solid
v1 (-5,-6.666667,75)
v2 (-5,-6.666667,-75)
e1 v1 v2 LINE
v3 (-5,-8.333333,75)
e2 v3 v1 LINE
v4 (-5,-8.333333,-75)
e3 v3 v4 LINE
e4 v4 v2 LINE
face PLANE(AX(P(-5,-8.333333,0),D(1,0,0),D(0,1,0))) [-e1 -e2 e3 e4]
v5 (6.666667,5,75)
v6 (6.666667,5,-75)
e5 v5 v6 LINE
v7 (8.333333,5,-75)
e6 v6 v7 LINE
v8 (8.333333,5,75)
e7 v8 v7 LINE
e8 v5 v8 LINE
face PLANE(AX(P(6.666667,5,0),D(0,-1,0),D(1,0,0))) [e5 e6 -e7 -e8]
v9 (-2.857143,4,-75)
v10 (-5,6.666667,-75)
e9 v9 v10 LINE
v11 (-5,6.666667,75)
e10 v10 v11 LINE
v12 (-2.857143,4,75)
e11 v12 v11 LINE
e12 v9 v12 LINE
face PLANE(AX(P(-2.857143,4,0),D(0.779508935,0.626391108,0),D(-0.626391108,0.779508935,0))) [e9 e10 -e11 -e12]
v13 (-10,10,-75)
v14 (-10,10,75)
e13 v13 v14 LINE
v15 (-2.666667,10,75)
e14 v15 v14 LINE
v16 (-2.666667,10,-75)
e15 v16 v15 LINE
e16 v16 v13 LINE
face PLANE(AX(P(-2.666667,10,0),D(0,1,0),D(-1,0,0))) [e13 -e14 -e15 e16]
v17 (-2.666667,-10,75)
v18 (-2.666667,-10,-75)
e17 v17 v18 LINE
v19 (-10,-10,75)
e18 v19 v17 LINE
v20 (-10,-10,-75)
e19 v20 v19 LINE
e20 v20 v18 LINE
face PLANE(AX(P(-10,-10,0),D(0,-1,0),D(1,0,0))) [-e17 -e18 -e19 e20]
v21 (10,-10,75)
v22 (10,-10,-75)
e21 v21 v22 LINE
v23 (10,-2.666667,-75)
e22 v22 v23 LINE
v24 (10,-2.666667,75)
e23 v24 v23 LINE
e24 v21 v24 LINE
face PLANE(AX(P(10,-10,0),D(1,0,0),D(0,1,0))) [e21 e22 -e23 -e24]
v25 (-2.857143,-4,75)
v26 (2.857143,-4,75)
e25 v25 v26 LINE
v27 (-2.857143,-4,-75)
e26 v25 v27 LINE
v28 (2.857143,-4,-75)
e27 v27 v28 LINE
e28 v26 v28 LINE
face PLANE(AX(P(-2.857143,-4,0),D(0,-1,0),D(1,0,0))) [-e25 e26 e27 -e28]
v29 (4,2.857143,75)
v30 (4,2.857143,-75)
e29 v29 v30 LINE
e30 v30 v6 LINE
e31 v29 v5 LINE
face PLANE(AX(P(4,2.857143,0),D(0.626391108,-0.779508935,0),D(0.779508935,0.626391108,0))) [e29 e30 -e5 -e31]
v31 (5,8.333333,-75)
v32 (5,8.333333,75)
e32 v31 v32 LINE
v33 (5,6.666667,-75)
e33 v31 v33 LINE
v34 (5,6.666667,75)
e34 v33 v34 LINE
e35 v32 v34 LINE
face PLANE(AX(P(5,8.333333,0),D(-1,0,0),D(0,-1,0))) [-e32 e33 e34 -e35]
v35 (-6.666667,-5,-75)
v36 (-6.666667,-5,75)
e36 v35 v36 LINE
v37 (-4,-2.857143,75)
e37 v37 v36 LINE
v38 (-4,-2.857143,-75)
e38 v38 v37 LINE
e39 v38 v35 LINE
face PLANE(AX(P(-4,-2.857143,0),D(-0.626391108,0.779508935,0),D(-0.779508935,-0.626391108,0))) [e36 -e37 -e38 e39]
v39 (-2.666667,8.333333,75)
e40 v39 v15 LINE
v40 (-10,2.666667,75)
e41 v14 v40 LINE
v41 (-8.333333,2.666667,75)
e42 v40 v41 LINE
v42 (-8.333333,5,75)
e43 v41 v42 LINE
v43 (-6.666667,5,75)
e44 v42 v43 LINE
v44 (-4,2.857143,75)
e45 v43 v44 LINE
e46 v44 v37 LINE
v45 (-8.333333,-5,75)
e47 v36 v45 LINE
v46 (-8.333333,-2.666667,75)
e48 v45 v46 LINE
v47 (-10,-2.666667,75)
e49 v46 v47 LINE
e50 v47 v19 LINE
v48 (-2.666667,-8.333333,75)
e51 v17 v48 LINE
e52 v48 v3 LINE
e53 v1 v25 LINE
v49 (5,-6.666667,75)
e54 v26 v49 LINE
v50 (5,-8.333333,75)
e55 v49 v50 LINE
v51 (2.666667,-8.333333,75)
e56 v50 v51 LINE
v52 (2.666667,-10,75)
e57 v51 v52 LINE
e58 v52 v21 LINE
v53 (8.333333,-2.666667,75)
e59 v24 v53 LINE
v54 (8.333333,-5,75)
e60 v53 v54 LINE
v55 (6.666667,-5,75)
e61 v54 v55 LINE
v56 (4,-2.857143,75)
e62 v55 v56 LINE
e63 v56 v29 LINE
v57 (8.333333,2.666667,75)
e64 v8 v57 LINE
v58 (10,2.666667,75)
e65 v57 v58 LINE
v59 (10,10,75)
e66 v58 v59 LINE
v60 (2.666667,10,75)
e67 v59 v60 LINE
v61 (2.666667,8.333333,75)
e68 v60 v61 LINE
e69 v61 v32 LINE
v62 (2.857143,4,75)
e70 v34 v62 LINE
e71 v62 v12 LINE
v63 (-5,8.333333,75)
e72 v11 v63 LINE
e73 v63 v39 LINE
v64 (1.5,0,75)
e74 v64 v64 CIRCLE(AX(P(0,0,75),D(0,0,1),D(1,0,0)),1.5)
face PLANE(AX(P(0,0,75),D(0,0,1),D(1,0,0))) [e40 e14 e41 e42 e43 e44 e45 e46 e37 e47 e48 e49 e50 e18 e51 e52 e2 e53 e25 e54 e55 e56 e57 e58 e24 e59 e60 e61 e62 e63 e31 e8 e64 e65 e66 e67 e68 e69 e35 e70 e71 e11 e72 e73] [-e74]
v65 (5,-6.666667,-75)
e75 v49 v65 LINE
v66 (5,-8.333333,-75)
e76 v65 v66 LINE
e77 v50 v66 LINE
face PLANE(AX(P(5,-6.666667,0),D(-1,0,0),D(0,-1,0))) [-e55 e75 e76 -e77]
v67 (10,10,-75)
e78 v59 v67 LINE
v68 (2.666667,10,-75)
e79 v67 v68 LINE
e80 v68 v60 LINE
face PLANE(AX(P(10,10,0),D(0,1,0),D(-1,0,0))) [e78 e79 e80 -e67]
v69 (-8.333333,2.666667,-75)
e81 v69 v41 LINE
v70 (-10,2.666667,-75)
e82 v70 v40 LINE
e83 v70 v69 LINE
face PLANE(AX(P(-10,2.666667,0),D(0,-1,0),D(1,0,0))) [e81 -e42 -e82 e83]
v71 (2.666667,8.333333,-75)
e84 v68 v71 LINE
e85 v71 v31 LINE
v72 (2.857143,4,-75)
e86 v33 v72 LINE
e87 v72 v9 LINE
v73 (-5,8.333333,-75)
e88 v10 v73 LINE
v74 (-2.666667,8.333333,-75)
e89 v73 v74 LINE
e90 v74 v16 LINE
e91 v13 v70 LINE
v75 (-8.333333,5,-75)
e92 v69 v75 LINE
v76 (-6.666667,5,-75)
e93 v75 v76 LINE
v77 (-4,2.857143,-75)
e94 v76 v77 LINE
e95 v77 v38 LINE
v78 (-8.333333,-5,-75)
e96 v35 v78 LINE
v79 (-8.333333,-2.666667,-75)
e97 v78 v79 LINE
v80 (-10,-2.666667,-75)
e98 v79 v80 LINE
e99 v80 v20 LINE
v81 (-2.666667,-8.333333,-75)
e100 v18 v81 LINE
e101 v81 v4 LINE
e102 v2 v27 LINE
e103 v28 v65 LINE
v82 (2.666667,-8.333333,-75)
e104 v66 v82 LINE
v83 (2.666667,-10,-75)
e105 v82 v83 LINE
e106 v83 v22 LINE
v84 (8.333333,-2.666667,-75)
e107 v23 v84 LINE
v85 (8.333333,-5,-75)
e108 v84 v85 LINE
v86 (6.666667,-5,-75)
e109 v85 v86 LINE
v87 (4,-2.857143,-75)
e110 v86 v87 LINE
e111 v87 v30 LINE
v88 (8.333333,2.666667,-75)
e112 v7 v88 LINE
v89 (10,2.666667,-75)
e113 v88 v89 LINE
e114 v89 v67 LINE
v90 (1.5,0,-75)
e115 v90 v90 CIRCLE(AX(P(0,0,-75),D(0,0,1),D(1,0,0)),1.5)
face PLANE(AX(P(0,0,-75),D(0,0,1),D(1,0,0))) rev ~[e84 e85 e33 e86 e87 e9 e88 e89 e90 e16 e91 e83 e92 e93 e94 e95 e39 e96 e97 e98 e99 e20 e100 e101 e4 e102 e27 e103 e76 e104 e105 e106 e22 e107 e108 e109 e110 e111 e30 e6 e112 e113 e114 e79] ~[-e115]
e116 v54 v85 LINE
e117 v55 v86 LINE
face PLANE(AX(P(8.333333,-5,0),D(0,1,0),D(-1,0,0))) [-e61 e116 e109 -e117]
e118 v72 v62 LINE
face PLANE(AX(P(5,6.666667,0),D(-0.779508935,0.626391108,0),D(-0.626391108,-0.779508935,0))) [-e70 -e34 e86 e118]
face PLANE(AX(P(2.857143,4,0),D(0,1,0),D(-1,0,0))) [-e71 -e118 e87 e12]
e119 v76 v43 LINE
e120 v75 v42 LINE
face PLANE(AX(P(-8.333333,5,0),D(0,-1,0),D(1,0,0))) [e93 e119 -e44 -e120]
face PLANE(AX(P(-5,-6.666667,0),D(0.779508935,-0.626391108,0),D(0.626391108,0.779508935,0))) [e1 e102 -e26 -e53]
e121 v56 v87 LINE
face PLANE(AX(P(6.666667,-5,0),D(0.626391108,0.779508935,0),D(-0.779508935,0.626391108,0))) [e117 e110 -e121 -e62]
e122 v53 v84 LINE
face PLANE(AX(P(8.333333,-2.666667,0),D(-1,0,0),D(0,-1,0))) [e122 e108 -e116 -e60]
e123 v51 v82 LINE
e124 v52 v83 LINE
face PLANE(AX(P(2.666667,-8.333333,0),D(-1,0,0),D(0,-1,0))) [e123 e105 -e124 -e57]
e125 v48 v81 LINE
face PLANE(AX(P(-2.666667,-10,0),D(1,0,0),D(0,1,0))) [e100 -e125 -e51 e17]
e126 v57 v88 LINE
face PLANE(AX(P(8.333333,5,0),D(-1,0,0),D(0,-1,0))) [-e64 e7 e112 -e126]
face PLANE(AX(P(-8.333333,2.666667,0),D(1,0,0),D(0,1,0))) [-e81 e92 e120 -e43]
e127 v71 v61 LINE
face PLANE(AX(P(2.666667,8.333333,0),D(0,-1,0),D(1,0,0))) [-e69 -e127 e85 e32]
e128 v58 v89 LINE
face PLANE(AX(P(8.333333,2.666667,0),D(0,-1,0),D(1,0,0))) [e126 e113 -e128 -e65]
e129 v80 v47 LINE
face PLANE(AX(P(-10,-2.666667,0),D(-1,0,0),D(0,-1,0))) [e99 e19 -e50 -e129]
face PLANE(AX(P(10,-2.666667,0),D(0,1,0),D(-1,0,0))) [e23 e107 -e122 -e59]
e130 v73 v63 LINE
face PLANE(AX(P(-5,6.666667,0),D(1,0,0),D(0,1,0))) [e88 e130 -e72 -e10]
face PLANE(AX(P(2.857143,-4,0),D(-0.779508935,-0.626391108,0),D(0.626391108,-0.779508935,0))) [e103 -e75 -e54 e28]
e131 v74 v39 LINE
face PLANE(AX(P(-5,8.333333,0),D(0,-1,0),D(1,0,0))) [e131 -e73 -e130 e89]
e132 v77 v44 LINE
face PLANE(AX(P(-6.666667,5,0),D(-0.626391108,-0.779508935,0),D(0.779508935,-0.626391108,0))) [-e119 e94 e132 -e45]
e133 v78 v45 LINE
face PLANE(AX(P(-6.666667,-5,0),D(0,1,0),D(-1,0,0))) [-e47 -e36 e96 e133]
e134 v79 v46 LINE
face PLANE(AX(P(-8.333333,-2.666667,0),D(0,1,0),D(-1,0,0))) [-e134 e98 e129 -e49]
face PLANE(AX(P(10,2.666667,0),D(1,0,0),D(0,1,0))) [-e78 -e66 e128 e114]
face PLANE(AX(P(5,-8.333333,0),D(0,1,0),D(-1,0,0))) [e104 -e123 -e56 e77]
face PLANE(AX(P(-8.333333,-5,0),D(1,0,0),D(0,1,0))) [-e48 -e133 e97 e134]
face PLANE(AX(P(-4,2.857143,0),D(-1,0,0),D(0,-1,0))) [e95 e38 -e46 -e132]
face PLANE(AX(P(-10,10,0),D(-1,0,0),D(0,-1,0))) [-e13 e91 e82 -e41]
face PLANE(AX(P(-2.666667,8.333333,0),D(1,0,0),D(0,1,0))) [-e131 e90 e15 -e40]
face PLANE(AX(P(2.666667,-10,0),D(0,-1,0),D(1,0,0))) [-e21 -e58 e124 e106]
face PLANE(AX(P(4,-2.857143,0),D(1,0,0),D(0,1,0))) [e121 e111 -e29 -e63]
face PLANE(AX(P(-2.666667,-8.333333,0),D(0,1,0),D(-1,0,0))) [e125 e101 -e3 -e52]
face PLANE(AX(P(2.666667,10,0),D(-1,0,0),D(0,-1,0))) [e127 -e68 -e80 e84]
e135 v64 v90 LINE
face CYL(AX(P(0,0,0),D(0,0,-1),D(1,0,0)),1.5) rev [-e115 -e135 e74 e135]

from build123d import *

# Parameters (mm, degrees)
SKETCH1_R           = 1.5
BOSS_EXTRUDE1_DEPTH = 75


with BuildPart() as part:
    # Sketch1 → Boss-Extrude1 (new, symmetric)
    with BuildSketch(Plane.XY):
        Polygon((10, 10), (2.666666667, 10), (2.666666667, 8.333333333), (5, 8.333333333), (5, 6.666666667), (2.857142857, 4), (-2.857142857, 4), (-5, 6.666666667), (-5, 8.333333333), (-2.666666667, 8.333333333), (-2.666666667, 10), (-10, 10), (-10, 2.666666667), (-8.333333333, 2.666666667), (-8.333333333, 5), (-6.666666667, 5), (-4, 2.857142857), (-4, -2.857142857), (-6.666666667, -5), (-8.333333333, -5), (-8.333333333, -2.666666667), (-10, -2.666666667), (-10, -10), (-2.666666667, -10), (-2.666666667, -8.333333333), (-5, -8.333333333), (-5, -6.666666667), (-2.857142857, -4), (2.857142857, -4), (5, -6.666666667), (5, -8.333333333), (2.666666667, -8.333333333), (2.666666667, -10), (10, -10), (10, -2.666666667), (8.333333333, -2.666666667), (8.333333333, -5), (6.666666667, -5), (4, -2.857142857), (4, 2.857142857), (6.666666667, 5), (8.333333333, 5), (8.333333333, 2.666666667), (10, 2.666666667), align=None)
        Circle(SKETCH1_R, mode=Mode.SUBTRACT)
    extrude(amount=BOSS_EXTRUDE1_DEPTH, both=True)


solid = part.part
